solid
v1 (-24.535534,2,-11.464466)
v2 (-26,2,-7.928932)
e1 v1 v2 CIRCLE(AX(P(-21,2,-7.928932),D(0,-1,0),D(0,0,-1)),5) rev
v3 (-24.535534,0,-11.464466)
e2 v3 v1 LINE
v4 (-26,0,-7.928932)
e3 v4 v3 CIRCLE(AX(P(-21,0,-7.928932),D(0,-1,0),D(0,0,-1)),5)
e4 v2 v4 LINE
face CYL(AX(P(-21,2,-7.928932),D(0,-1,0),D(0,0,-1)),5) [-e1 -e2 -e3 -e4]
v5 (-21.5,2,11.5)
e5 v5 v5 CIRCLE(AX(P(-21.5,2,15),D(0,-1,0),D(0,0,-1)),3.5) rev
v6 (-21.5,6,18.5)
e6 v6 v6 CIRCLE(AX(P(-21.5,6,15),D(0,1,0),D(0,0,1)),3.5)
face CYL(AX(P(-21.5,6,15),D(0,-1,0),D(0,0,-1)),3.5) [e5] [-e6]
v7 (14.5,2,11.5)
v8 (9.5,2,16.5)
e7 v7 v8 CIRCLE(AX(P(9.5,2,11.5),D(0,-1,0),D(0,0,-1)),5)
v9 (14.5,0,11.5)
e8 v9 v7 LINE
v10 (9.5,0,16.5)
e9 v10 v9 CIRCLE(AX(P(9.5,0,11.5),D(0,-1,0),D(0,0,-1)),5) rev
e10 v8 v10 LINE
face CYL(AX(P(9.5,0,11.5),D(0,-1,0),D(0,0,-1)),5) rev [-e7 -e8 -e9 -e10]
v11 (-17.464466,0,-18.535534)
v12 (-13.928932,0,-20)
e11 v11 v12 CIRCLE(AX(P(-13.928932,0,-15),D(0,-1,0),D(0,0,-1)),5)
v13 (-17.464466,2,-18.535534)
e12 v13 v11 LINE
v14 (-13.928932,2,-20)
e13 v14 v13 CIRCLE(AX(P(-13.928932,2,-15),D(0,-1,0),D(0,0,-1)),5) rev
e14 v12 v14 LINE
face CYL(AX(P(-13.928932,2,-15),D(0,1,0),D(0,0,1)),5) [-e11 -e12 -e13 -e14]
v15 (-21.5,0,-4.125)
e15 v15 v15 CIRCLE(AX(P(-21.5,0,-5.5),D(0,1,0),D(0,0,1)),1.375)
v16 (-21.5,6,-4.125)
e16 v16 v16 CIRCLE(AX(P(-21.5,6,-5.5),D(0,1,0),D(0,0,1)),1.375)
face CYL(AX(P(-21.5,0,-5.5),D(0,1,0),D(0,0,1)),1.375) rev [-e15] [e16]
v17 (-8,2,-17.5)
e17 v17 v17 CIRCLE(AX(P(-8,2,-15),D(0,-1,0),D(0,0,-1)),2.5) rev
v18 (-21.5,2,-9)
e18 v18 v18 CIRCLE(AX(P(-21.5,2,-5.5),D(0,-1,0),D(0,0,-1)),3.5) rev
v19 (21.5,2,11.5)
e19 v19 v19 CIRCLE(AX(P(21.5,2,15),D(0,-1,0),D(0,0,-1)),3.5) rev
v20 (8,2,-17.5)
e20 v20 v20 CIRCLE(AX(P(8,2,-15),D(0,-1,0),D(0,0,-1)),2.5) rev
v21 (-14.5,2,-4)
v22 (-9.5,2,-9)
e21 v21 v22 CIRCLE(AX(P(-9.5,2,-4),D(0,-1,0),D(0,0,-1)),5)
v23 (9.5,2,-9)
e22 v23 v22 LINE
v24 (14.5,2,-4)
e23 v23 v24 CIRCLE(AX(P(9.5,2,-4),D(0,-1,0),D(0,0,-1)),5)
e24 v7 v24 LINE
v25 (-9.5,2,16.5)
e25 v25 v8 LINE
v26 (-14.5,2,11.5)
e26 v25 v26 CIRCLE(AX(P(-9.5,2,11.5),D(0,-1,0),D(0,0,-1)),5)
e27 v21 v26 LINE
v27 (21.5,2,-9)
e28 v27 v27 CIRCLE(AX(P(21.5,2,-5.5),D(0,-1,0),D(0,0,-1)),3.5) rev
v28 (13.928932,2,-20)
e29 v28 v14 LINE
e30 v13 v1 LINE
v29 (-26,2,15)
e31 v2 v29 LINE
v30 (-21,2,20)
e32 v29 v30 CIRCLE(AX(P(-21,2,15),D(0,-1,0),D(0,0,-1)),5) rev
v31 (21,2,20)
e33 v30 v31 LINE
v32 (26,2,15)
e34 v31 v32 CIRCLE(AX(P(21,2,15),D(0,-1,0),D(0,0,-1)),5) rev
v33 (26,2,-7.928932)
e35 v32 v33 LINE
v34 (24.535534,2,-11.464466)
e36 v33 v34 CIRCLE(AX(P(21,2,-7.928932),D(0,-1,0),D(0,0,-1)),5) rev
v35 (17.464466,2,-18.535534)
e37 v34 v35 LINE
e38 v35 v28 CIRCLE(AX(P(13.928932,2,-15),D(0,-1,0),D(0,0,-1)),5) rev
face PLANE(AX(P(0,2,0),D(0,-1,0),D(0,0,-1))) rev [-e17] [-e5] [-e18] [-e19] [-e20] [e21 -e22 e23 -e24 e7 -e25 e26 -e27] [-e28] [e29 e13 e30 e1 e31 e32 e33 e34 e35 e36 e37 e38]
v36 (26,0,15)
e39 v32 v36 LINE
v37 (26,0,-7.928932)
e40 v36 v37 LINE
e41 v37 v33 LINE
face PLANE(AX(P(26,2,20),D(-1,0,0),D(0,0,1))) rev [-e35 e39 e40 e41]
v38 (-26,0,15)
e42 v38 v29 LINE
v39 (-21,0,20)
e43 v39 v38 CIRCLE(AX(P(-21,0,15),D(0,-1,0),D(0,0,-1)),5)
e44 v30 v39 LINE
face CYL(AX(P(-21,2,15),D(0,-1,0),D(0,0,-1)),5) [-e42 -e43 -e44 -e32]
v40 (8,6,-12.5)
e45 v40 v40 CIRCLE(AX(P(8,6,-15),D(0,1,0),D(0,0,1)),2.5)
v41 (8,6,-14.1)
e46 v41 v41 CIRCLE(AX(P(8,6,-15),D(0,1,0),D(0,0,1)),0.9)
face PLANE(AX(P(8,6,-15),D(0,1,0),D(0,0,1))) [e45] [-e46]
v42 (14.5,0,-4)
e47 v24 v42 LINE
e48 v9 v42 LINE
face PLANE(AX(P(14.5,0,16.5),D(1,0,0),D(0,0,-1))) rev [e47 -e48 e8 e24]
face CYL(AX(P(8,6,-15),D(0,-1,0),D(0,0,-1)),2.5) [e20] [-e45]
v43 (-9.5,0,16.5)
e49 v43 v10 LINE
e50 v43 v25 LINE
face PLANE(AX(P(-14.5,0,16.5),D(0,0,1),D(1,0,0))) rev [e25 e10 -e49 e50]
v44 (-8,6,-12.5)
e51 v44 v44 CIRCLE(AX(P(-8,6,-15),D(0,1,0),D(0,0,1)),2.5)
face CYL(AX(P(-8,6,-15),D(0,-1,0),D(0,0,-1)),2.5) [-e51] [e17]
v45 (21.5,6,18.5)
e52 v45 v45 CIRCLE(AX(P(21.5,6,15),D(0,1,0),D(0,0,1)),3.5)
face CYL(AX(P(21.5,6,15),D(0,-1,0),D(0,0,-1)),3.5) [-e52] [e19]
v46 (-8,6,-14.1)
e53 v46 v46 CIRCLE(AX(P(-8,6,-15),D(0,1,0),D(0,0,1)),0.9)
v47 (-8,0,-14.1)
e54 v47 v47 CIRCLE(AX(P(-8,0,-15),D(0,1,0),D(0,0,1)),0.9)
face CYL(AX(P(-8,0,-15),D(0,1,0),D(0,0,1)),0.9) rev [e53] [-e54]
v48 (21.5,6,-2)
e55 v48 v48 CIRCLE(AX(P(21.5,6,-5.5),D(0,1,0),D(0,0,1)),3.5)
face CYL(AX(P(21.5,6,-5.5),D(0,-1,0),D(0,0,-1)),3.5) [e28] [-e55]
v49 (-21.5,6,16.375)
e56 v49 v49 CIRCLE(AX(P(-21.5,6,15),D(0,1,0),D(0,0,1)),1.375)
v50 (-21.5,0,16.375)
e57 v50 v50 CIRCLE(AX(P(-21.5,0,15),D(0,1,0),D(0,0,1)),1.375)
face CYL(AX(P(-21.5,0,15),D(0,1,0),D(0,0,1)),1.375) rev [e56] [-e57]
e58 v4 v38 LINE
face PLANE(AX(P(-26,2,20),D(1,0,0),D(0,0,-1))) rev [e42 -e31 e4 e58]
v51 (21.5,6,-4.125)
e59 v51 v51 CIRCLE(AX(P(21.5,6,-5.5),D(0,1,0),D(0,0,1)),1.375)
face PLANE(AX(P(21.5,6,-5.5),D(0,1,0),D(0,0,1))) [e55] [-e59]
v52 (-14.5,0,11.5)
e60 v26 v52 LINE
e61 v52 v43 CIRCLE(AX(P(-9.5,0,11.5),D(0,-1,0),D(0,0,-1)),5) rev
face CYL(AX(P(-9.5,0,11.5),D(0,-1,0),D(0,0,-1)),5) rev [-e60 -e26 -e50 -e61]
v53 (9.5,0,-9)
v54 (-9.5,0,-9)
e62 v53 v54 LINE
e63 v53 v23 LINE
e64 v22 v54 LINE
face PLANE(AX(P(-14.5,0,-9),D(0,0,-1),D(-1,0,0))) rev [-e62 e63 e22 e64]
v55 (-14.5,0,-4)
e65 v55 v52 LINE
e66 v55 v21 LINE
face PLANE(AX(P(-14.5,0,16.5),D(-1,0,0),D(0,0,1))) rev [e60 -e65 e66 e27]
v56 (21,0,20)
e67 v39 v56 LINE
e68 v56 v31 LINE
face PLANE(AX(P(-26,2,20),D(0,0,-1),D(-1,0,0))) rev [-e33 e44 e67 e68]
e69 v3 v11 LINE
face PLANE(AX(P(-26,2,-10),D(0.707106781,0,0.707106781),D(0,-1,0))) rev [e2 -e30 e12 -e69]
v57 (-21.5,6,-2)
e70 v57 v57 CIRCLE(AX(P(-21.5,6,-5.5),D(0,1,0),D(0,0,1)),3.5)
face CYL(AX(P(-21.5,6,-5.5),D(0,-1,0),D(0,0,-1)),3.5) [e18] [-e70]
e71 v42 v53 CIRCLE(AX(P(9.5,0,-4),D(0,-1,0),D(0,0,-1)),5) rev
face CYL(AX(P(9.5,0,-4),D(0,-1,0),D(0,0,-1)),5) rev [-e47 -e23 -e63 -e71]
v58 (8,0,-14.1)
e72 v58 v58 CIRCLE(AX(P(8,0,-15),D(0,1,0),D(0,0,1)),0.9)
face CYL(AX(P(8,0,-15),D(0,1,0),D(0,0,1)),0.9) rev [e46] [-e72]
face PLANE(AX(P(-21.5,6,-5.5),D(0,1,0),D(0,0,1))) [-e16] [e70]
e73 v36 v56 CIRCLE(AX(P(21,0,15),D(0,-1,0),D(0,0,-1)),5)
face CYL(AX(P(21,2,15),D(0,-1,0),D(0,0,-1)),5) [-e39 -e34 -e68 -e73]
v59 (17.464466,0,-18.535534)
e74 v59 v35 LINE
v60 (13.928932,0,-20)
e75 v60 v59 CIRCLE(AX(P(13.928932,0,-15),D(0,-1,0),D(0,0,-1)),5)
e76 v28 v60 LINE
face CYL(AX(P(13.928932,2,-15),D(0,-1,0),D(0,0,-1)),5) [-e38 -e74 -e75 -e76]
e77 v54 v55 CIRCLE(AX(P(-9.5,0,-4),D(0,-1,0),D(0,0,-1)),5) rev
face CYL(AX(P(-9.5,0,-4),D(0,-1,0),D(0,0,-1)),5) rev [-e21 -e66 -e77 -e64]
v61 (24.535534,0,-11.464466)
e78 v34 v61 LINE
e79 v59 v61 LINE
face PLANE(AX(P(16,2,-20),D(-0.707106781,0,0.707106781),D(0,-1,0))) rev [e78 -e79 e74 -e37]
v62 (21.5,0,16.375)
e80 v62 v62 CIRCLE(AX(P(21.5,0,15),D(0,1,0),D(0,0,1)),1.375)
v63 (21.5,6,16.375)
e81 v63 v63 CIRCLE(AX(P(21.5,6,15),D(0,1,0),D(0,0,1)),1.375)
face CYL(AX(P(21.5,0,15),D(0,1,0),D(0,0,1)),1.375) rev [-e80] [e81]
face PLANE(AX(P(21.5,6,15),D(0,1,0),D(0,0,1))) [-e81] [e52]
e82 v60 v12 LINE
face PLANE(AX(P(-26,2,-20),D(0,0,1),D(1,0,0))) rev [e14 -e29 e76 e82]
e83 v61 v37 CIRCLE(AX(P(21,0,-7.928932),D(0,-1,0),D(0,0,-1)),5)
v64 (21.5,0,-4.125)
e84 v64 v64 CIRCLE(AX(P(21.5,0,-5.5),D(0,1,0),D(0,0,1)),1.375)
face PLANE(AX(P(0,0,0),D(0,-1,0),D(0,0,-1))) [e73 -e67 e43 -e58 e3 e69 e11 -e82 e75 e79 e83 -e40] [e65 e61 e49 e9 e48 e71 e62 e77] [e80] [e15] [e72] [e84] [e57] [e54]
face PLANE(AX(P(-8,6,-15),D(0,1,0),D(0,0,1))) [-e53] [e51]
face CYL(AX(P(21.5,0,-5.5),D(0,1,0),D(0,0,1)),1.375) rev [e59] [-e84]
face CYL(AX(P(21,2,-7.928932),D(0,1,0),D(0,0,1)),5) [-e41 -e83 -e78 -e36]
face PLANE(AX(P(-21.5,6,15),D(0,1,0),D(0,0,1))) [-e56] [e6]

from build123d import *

# Parameters (mm, degrees)
SKETCH1_W           = 52
SKETCH1_H           = 40
BOSS_EXTRUDE1_DEPTH = 2
SKETCH2_R           = 0.9
SKETCH2_R_2         = 1.375
CUT_EXTRUDE1_DEPTH  = 33.86335345
BOSS_EXTRUDE2_START = 4
SKETCH3_R           = 3.5
SKETCH3_R_2         = 1.375
SKETCH3_R_3         = 2.5
SKETCH3_R_4         = 0.9
BOSS_EXTRUDE2_DEPTH = 4
SKETCH4_W           = 29
SKETCH4_H           = 25.5
CUT_EXTRUDE2_DEPTH  = 34.045423284
CHAMFER1_SIZE       = 10
FILLET1_R           = 5


with BuildPart() as part:
    # Sketch1 → Boss-Extrude1 (new body)
    with BuildSketch(Plane(origin=(0, 0, 0), x_dir=(1, 0, 0), z_dir=(0, 1, 0))):
        Rectangle(SKETCH1_W, SKETCH1_H)
    extrude(amount=BOSS_EXTRUDE1_DEPTH)

    # Sketch2 → Cut-Extrude1 (cut, through all)
    with BuildSketch(Plane(origin=(0, 2, 0), x_dir=(1, 0, 0), z_dir=(0, 1, 0))):
        with Locations(Location((8, 15, 0), (0, 0, 270))):
            Circle(SKETCH2_R)
        with Locations(Location((-8, 15, 0), (0, 0, 270))):
            Circle(SKETCH2_R)
        with Locations(Location((-21.5, 5.5, 0), (0, 0, 270))):
            Circle(SKETCH2_R_2)
        with Locations(Location((-21.5, -15, 0), (0, 0, 270))):
            Circle(SKETCH2_R_2)
        with Locations(Location((21.5, -15, 0), (0, 0, 270))):
            Circle(SKETCH2_R_2)
        with Locations(Location((21.5, 5.5, 0), (0, 0, 270))):
            Circle(SKETCH2_R_2)
    extrude(amount=-CUT_EXTRUDE1_DEPTH, mode=Mode.SUBTRACT)

    # Sketch3 → Boss-Extrude2 (add)
    # profile 1 of 6: a face of its own
    with BuildSketch(Plane(origin=(0, 2, 0), x_dir=(1, 0, 0), z_dir=(0, 1, 0)).offset(BOSS_EXTRUDE2_START)):
        with Locations(Location((-21.5, 5.5, 0), (0, 0, 90))):
            Circle(SKETCH3_R)
        with Locations(Location((-21.5, 5.5, 0), (0, 0, 270))):
            Circle(SKETCH3_R_2, mode=Mode.SUBTRACT)
    # profile 2 of 6: a face of its own
    with BuildSketch(Plane(origin=(0, 2, 0), x_dir=(1, 0, 0), z_dir=(0, 1, 0)).offset(BOSS_EXTRUDE2_START)):
        with Locations(Location((-21.5, -15, 0), (0, 0, 90))):
            Circle(SKETCH3_R)
        with Locations(Location((-21.5, -15, 0), (0, 0, 270))):
            Circle(SKETCH3_R_2, mode=Mode.SUBTRACT)
    # profile 3 of 6: a face of its own
    with BuildSketch(Plane(origin=(0, 2, 0), x_dir=(1, 0, 0), z_dir=(0, 1, 0)).offset(BOSS_EXTRUDE2_START)):
        with Locations(Location((21.5, -15, 0), (0, 0, 90))):
            Circle(SKETCH3_R)
        with Locations(Location((21.5, -15, 0), (0, 0, 270))):
            Circle(SKETCH3_R_2, mode=Mode.SUBTRACT)
    # profile 4 of 6: a face of its own
    with BuildSketch(Plane(origin=(0, 2, 0), x_dir=(1, 0, 0), z_dir=(0, 1, 0)).offset(BOSS_EXTRUDE2_START)):
        with Locations(Location((21.5, 5.5, 0), (0, 0, 90))):
            Circle(SKETCH3_R)
        with Locations(Location((21.5, 5.5, 0), (0, 0, 270))):
            Circle(SKETCH3_R_2, mode=Mode.SUBTRACT)
    # profile 5 of 6: a face of its own
    with BuildSketch(Plane(origin=(0, 2, 0), x_dir=(1, 0, 0), z_dir=(0, 1, 0)).offset(BOSS_EXTRUDE2_START)):
        with Locations(Location((8, 15, 0), (0, 0, 90))):
            Circle(SKETCH3_R_3)
        with Locations(Location((8, 15, 0), (0, 0, 270))):
            Circle(SKETCH3_R_4, mode=Mode.SUBTRACT)
    # profile 6 of 6: a face of its own
    with BuildSketch(Plane(origin=(0, 2, 0), x_dir=(1, 0, 0), z_dir=(0, 1, 0)).offset(BOSS_EXTRUDE2_START)):
        with Locations(Location((-8, 15, 0), (0, 0, 90))):
            Circle(SKETCH3_R_3)
        with Locations(Location((-8, 15, 0), (0, 0, 270))):
            Circle(SKETCH3_R_4, mode=Mode.SUBTRACT)
    extrude(amount=-BOSS_EXTRUDE2_DEPTH)

    # Sketch4 → Cut-Extrude2 (cut, through all)
    with BuildSketch(Plane(origin=(0, 2, 0), x_dir=(1, 0, 0), z_dir=(0, 1, 0))):
        with Locations((0, -3.75)):
            Rectangle(SKETCH4_W, SKETCH4_H)
    extrude(amount=-CUT_EXTRUDE2_DEPTH, mode=Mode.SUBTRACT)

    # Chamfer1
    chamfer1_edges = [part.edges().sort_by_distance(p)[0] for p in [
        (-26, 1, -20),
        (26, 1, -20),
    ]]
    chamfer(chamfer1_edges, length=CHAMFER1_SIZE)

    # Fillet1
    fillet1_edges = [part.edges().sort_by_distance(p)[0] for p in [
        (26, 1, 20),
        (-26, 1, 20),
        (14.5, 1, -9),
        (14.5, 1, 16.5),
        (-14.5, 1, 16.5),
        (-14.5, 1, -9),
        (-16, 1, -20),
        (16, 1, -20),
        (26, 1, -10),
        (-26, 1, -10),
    ]]
    fillet(fillet1_edges, radius=FILLET1_R)


solid = part.part
